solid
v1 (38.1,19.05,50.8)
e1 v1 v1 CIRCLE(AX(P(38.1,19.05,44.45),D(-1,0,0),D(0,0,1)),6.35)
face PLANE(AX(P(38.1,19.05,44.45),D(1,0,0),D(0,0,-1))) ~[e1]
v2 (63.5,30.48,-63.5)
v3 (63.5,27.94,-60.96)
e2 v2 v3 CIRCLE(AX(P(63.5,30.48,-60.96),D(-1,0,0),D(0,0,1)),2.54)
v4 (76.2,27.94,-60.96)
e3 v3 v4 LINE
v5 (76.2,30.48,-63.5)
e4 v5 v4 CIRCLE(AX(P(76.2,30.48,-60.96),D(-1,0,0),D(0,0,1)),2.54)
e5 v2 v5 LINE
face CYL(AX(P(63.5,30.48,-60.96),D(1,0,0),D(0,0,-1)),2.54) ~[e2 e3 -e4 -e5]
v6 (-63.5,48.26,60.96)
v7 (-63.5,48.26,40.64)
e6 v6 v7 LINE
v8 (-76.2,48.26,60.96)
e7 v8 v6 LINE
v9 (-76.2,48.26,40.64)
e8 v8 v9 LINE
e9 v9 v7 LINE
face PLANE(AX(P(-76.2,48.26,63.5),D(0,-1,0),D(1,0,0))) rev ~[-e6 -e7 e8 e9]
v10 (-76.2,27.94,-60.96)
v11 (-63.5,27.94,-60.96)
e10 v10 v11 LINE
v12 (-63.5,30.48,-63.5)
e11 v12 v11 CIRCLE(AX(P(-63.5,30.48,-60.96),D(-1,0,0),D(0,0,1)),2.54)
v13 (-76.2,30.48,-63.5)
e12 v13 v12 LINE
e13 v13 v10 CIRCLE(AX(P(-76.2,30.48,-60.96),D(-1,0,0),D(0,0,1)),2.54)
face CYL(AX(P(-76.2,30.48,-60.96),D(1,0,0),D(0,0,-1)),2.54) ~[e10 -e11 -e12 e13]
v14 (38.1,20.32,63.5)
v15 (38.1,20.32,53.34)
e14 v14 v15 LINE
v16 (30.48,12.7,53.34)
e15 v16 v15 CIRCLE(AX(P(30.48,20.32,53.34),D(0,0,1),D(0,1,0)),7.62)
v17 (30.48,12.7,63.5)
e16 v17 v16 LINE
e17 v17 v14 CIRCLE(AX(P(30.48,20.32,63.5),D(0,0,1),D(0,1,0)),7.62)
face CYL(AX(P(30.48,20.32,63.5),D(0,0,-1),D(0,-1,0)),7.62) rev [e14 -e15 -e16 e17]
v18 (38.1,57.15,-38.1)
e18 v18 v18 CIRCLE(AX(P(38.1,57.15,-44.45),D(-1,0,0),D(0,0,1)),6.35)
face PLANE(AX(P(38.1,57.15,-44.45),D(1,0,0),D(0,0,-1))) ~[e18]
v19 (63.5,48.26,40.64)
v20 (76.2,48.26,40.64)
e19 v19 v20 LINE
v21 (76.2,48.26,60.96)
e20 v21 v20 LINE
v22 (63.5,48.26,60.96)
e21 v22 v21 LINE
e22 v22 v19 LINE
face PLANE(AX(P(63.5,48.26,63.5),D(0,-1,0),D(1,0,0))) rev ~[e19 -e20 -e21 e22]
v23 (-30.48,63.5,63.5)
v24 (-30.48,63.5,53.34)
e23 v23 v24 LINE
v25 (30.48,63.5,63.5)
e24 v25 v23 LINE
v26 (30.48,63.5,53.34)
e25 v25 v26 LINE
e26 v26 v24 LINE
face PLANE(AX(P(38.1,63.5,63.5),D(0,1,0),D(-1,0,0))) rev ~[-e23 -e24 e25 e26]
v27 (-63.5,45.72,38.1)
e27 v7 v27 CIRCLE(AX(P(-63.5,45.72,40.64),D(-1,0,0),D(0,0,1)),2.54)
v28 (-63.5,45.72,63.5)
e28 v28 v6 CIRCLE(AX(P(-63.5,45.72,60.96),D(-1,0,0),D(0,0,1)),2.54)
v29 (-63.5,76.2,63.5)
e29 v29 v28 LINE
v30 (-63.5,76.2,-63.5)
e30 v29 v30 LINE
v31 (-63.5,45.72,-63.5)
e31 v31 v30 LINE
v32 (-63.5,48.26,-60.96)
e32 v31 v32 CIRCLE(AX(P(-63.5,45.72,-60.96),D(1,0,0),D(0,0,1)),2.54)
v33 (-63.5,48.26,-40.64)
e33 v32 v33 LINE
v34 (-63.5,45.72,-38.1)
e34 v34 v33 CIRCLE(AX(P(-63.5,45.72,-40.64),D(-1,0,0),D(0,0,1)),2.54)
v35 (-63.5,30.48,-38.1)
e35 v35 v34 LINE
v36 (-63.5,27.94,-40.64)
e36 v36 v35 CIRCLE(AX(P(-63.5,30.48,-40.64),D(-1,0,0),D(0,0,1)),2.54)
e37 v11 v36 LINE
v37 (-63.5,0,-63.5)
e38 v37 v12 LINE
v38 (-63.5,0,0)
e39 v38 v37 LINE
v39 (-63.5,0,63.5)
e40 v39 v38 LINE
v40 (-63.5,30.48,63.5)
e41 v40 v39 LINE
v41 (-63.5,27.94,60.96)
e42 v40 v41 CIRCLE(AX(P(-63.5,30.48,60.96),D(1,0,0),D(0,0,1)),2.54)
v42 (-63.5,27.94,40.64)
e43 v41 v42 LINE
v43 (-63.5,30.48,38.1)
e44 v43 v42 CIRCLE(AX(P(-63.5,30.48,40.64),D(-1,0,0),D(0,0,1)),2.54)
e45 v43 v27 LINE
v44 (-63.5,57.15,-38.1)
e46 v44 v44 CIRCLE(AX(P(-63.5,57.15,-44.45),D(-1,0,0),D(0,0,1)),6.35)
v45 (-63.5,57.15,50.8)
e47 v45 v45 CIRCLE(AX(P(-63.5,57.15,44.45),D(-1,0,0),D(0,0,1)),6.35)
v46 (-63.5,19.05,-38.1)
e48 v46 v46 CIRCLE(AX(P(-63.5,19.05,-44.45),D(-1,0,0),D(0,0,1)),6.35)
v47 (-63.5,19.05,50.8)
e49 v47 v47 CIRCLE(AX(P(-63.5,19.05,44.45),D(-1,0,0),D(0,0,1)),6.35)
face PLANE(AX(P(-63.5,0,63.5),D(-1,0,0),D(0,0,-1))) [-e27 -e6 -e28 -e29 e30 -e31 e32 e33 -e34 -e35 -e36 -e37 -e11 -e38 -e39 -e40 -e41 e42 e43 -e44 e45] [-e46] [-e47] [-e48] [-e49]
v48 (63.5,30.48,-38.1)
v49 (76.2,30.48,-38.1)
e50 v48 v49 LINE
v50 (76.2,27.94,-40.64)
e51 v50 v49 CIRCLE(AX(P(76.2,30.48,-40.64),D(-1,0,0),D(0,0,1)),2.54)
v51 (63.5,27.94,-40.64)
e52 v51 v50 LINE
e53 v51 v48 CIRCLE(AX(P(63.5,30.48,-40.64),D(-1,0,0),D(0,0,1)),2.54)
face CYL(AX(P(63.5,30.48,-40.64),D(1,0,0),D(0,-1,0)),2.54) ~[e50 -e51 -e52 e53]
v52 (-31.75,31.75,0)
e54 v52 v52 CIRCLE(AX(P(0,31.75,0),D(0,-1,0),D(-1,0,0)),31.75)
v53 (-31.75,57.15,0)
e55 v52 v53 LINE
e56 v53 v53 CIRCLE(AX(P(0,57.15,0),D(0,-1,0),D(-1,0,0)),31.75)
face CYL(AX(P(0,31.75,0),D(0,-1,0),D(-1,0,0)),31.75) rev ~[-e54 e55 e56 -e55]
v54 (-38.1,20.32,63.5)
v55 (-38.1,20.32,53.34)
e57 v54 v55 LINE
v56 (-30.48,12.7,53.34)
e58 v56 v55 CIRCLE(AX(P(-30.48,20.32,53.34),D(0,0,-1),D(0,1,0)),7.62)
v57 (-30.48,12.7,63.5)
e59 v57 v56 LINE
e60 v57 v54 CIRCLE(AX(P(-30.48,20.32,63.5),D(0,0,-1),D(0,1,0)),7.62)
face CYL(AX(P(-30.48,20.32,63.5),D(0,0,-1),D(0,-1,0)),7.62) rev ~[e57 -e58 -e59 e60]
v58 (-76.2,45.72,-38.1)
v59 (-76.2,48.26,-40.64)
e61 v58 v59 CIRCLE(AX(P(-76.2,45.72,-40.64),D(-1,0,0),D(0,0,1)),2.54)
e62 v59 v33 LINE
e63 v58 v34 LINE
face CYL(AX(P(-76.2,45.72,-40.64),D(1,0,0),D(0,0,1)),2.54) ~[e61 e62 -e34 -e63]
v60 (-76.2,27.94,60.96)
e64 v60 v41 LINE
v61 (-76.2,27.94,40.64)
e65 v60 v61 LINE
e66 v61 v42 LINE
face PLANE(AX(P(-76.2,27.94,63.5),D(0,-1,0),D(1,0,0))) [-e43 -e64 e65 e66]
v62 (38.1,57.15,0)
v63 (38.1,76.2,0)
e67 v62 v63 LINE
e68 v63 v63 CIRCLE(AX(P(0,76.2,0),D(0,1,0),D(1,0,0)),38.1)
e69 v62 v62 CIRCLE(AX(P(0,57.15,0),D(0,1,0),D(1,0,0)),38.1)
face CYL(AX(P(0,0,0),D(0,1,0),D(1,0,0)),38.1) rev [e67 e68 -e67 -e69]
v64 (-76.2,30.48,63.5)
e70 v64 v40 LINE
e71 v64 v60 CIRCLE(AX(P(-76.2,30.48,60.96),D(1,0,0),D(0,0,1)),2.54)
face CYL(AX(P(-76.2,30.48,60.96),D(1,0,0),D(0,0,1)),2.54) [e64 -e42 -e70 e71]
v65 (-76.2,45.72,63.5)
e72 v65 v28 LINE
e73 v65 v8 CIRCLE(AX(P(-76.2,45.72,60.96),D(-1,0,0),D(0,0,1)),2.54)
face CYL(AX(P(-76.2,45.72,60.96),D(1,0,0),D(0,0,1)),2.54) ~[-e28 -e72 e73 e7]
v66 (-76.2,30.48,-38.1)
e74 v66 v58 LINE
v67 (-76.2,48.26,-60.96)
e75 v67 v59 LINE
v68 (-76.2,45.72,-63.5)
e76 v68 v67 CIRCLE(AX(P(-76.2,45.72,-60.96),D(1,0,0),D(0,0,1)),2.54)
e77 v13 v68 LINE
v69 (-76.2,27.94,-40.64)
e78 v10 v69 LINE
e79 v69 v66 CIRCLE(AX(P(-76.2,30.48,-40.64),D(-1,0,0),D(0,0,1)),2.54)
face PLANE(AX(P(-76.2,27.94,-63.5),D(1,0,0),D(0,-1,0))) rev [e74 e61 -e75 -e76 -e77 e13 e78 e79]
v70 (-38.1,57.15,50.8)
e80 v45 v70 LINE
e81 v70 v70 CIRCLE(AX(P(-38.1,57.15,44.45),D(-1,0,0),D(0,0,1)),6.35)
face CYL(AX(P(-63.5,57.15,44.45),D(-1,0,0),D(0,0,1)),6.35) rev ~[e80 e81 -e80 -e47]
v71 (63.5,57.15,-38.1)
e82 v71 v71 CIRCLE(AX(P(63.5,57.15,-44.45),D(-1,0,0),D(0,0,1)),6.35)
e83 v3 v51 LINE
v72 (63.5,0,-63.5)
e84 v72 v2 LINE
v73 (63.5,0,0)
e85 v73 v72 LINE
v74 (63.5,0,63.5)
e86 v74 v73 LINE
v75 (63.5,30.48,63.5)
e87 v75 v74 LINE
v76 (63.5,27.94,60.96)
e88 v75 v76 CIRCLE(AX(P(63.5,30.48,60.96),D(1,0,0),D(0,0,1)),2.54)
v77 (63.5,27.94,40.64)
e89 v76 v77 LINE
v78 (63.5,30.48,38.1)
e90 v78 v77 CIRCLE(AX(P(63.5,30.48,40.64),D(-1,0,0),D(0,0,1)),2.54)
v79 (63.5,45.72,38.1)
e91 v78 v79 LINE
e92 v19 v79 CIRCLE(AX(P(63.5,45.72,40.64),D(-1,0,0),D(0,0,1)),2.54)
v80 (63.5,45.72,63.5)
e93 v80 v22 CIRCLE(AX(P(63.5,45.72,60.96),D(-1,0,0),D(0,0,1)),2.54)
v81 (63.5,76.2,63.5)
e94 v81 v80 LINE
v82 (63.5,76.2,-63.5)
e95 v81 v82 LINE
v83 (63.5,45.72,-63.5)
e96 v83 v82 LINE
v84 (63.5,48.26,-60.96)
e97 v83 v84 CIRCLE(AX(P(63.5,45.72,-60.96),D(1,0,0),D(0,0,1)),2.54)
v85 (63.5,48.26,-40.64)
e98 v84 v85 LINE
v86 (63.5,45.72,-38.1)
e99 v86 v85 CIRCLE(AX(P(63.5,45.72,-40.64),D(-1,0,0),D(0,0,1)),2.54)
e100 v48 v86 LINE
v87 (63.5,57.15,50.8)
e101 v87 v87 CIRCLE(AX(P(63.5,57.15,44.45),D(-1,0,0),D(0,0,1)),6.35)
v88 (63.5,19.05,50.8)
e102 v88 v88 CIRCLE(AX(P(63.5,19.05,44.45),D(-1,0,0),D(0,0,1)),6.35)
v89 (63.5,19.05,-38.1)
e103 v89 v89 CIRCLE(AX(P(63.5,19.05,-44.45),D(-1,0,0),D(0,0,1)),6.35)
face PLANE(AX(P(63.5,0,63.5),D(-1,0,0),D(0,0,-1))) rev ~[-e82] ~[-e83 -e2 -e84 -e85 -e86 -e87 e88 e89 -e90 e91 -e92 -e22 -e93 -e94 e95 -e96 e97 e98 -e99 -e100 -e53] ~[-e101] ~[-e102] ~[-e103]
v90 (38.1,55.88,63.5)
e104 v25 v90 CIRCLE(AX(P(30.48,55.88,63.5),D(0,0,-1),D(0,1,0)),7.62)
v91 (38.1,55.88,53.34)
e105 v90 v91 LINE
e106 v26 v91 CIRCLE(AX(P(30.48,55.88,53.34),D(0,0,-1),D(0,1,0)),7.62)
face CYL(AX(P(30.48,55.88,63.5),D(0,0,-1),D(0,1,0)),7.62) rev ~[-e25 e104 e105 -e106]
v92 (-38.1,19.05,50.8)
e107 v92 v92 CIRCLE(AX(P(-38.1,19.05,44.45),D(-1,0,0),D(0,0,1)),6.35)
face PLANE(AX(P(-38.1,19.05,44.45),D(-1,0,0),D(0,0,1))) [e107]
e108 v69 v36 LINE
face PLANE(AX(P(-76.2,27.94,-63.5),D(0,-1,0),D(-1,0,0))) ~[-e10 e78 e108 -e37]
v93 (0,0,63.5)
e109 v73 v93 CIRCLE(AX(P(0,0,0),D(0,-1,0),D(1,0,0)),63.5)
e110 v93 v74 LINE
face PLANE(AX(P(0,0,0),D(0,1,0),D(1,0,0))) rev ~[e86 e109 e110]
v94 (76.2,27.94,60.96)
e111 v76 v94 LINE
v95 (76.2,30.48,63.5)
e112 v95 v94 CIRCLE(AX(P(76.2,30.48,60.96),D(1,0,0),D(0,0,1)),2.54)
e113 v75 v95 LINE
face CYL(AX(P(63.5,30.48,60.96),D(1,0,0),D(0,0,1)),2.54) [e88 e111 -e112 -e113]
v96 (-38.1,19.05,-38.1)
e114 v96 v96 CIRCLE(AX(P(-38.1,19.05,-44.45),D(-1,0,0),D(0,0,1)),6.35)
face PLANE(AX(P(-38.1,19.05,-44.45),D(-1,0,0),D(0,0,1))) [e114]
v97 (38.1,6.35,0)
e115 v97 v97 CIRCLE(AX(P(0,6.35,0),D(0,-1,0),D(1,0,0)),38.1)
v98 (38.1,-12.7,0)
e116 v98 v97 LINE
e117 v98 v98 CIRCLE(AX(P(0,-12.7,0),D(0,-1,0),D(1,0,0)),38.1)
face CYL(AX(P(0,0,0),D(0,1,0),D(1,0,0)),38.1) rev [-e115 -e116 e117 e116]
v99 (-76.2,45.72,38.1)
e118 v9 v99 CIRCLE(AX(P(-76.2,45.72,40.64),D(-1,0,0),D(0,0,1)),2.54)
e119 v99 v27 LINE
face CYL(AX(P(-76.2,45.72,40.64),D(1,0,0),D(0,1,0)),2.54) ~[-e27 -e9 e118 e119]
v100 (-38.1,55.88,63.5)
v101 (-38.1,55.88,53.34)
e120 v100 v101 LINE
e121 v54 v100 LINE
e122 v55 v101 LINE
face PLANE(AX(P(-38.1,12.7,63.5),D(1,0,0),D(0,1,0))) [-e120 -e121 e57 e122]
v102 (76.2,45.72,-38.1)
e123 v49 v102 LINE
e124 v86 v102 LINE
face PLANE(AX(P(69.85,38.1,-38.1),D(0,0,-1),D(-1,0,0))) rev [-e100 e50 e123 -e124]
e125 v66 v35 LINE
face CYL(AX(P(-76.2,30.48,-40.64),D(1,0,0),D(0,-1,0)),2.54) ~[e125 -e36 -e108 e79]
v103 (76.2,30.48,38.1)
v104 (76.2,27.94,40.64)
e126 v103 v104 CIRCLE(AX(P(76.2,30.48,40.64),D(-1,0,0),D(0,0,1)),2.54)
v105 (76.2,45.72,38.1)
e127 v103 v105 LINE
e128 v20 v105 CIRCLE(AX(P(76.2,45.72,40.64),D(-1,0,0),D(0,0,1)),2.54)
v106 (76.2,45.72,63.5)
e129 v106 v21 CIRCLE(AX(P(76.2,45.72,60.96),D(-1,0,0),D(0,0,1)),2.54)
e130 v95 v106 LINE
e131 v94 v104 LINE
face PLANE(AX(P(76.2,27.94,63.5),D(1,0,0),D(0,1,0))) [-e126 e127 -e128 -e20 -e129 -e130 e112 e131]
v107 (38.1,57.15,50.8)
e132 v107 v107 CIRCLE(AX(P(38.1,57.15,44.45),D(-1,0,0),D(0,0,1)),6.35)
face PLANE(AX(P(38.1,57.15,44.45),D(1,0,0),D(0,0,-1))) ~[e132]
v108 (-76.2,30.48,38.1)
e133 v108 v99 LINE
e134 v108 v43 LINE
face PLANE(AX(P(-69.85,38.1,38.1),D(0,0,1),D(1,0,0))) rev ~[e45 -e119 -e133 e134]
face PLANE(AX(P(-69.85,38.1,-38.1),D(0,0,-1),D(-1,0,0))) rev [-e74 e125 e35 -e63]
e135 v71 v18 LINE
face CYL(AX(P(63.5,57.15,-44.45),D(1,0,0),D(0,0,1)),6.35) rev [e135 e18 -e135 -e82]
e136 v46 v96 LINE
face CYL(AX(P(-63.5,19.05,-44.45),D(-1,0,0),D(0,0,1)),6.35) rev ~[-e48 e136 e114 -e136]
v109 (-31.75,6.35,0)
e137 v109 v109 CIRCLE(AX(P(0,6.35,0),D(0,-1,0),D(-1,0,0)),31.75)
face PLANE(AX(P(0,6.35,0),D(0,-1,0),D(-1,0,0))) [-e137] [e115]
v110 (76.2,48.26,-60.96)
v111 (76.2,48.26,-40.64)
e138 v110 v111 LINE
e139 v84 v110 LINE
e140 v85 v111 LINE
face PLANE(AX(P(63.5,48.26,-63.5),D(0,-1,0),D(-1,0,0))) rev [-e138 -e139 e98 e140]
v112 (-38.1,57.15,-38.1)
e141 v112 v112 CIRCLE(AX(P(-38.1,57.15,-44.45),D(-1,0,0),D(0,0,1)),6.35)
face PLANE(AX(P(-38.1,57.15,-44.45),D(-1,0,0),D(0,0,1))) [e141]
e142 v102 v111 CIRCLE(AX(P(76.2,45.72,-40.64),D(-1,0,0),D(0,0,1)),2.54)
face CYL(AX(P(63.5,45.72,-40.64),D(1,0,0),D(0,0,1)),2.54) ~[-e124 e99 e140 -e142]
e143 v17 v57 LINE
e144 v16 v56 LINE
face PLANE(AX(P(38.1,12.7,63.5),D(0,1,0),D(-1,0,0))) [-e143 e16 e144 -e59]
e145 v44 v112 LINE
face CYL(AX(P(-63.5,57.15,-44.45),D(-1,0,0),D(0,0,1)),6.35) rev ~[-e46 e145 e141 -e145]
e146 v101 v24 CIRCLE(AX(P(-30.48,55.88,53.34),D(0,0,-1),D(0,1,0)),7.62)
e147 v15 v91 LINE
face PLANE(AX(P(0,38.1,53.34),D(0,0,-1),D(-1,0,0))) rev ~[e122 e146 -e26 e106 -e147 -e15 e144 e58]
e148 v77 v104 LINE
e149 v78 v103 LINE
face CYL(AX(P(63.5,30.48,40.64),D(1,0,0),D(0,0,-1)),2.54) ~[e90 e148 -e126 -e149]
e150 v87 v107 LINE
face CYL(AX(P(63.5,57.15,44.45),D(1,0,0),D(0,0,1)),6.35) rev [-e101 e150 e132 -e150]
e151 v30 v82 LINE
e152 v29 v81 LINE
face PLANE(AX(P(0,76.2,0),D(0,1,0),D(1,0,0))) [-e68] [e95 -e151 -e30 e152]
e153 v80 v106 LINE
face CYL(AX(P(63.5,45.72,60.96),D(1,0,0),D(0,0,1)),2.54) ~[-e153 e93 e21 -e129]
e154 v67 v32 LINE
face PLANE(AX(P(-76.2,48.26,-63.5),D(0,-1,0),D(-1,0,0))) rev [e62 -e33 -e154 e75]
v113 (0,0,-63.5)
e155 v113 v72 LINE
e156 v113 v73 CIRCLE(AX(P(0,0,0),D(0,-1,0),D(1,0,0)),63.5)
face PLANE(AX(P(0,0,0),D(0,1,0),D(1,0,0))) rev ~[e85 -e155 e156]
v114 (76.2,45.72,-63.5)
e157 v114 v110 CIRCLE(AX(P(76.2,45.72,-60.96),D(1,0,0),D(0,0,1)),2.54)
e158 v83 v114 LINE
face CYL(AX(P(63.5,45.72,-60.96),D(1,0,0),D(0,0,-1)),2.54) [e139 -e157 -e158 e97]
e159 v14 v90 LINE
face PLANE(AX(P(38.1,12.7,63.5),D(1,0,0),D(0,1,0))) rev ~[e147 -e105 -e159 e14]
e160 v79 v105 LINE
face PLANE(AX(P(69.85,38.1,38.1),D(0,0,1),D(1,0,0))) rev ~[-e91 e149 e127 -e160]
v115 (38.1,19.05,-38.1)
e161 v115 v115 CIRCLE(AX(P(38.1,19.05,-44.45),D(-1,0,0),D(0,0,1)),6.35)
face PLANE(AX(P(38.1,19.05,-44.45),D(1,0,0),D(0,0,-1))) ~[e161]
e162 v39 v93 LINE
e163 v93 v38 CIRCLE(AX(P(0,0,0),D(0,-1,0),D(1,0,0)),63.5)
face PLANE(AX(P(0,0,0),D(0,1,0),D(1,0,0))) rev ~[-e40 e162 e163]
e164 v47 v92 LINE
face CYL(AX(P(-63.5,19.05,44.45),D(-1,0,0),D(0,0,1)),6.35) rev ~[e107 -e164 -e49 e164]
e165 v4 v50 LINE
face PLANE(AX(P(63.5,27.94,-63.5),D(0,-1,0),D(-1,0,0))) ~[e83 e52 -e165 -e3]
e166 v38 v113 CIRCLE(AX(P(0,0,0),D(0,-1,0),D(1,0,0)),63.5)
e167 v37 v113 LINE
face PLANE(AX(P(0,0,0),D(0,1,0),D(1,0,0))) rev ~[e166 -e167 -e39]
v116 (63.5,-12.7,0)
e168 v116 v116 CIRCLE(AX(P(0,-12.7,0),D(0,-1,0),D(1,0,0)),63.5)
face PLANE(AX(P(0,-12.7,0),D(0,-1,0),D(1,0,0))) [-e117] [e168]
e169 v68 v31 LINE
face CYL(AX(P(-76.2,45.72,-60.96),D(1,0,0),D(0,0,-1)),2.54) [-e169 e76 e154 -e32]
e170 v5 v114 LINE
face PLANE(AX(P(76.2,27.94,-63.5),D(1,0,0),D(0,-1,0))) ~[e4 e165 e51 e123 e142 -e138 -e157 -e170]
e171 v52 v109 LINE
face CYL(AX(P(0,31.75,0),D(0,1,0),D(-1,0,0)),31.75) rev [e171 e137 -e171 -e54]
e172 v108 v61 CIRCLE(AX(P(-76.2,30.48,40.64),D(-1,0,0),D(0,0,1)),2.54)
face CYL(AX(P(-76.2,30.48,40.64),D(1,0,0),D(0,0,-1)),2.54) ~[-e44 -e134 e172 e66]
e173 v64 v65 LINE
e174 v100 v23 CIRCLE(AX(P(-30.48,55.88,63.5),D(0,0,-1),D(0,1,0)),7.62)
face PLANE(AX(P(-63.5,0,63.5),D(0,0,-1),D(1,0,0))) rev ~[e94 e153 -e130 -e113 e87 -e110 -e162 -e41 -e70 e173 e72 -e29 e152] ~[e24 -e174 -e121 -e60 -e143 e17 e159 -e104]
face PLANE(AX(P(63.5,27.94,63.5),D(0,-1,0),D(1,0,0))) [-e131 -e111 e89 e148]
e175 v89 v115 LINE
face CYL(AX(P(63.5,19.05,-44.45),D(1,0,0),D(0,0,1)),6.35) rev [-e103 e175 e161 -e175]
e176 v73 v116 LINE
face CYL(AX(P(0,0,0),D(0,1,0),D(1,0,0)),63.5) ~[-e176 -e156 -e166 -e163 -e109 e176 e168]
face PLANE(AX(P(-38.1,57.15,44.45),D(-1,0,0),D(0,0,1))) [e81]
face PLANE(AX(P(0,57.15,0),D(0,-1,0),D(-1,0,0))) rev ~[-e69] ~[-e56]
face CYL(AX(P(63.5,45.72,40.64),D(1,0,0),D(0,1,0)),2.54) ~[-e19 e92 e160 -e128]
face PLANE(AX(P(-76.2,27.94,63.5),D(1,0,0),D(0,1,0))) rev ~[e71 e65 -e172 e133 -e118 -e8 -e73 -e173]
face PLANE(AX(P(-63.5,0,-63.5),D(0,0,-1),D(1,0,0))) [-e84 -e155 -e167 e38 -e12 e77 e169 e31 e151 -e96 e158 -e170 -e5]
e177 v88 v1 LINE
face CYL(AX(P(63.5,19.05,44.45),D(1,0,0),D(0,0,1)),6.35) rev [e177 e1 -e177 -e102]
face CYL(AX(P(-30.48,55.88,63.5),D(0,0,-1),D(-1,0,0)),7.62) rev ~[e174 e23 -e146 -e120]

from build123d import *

# Parameters (mm, degrees)
SKETCH1_W                = 127
SKETCH1_H                = 127
SKETCH1_R                = 38.1
BOSS_EXTRUDE1_DEPTH      = 76.2
SKETCH2_R                = 6.35
CUT_EXTRUDE1_DEPTH       = 25.4
SKETCH3_R                = 63.5
SKETCH3_R_2              = 38.1
BOSS_EXTRUDE2_DEPTH      = 12.7
SKETCH4_W                = 12.7
SKETCH4_H                = 20.32
BOSS_EXTRUDE3_DEPTH      = 25.4
FILLET1_R                = 2.54
FILLET1_OF_MIRROR2_R     = 2.54
SKETCH5_W                = 76.2
SKETCH5_H                = 50.8
CUT_EXTRUDE3_DEPTH       = 10.16
FILLET2_R                = 7.62
SKETCH6_R                = 38.1
SKETCH6_R_2              = 31.75
BOSS_EXTRUDE4_DEPTH      = 25.4
BOSS_EXTRUDE4_DEPTH_BACK = 25.4


with BuildPart() as part:
    # Sketch1 → Boss-Extrude1 (new body)
    with BuildSketch(Plane(origin=(0, 0, 0), x_dir=(1, 0, 0), z_dir=(0, 1, 0))):
        Rectangle(SKETCH1_W, SKETCH1_H)
        Circle(SKETCH1_R, mode=Mode.SUBTRACT)
    extrude(amount=BOSS_EXTRUDE1_DEPTH)

    # Sketch2 → Cut-Extrude1 (cut)
    with BuildSketch(Plane.ZY.offset(63.5)):
        with Locations((-44.45, 57.15)):
            Circle(SKETCH2_R)
        with Locations((-44.45, 19.05)):
            Circle(SKETCH2_R)
        with Locations((44.45, 57.15)):
            Circle(SKETCH2_R)
        with Locations((44.45, 19.05)):
            Circle(SKETCH2_R)
    cut_extrude1 = extrude(amount=-CUT_EXTRUDE1_DEPTH, mode=Mode.SUBTRACT)

    # Mirror1: Cut-Extrude1 across plane
    add(cut_extrude1.mirror(Plane(origin=(0, 0, 0), x_dir=(0, 0, 1), z_dir=(1, 0, 0))), mode=Mode.SUBTRACT)

    # Sketch3 → Boss-Extrude2 (add)
    with BuildSketch(Plane.XZ):
        Circle(SKETCH3_R)
        Circle(SKETCH3_R_2, mode=Mode.SUBTRACT)
    extrude(amount=BOSS_EXTRUDE2_DEPTH)

    # Sketch4 → Boss-Extrude3 (add)
    with BuildSketch(Plane.XY.offset(63.5)):
        with Locations((-69.85, 38.1)):
            Rectangle(SKETCH4_W, SKETCH4_H)
        with Locations((69.85, 38.1)):
            Rectangle(SKETCH4_W, SKETCH4_H)
    boss_extrude3 = extrude(amount=-BOSS_EXTRUDE3_DEPTH)

    # Fillet1
    fillet1_edges = [part.edges().sort_by_distance(p)[0] for p in [
        (-69.85, 27.94, 38.1),
        (-69.85, 48.26, 38.1),
        (-69.85, 48.26, 63.5),
        (-69.85, 27.94, 63.5),
        (69.85, 48.26, 38.1),
        (69.85, 27.94, 38.1),
        (69.85, 27.94, 63.5),
        (69.85, 48.26, 63.5),
    ]]
    fillet(fillet1_edges, radius=FILLET1_R)

    # Mirror2: Boss-Extrude3 across plane
    add(boss_extrude3.mirror(Plane.XY))

    # Fillet1 of Mirror2
    fillet1_of_mirror2_edges = [part.edges().sort_by_distance(p)[0] for p in [
        (-69.85, 27.94, -38.1),
        (-69.85, 48.26, -38.1),
        (-69.85, 48.26, -63.5),
        (-69.85, 27.94, -63.5),
        (69.85, 48.26, -38.1),
        (69.85, 27.94, -38.1),
        (69.85, 27.94, -63.5),
        (69.85, 48.26, -63.5),
    ]]
    fillet(fillet1_of_mirror2_edges, radius=FILLET1_OF_MIRROR2_R)

    # Sketch5 → Cut-Extrude3 (cut)
    with BuildSketch(Plane(origin=(0, 0, 63.5), x_dir=(-1, 0, 0), z_dir=(0, 0, -1))):
        with Locations((0, 38.1)):
            Rectangle(SKETCH5_W, SKETCH5_H)
    extrude(amount=CUT_EXTRUDE3_DEPTH, mode=Mode.SUBTRACT)

    # Fillet2
    fillet2_edges = [part.edges().sort_by_distance(p)[0] for p in [
        (38.1, 63.5, 58.42),
        (38.1, 12.7, 58.42),
        (-38.1, 12.7, 58.42),
        (-38.1, 63.5, 58.42),
    ]]
    fillet(fillet2_edges, radius=FILLET2_R)

    # Sketch6 → Boss-Extrude4 (add, two sides)
    with BuildSketch(Plane(origin=(0, 31.75, 0), x_dir=(-1, 0, 0), z_dir=(0, -1, 0))) as boss_extrude4_sk:
        Circle(SKETCH6_R)
        Circle(SKETCH6_R_2, mode=Mode.SUBTRACT)
    extrude(amount=BOSS_EXTRUDE4_DEPTH)
    extrude(boss_extrude4_sk.sketch, amount=-BOSS_EXTRUDE4_DEPTH_BACK)


solid = part.part
